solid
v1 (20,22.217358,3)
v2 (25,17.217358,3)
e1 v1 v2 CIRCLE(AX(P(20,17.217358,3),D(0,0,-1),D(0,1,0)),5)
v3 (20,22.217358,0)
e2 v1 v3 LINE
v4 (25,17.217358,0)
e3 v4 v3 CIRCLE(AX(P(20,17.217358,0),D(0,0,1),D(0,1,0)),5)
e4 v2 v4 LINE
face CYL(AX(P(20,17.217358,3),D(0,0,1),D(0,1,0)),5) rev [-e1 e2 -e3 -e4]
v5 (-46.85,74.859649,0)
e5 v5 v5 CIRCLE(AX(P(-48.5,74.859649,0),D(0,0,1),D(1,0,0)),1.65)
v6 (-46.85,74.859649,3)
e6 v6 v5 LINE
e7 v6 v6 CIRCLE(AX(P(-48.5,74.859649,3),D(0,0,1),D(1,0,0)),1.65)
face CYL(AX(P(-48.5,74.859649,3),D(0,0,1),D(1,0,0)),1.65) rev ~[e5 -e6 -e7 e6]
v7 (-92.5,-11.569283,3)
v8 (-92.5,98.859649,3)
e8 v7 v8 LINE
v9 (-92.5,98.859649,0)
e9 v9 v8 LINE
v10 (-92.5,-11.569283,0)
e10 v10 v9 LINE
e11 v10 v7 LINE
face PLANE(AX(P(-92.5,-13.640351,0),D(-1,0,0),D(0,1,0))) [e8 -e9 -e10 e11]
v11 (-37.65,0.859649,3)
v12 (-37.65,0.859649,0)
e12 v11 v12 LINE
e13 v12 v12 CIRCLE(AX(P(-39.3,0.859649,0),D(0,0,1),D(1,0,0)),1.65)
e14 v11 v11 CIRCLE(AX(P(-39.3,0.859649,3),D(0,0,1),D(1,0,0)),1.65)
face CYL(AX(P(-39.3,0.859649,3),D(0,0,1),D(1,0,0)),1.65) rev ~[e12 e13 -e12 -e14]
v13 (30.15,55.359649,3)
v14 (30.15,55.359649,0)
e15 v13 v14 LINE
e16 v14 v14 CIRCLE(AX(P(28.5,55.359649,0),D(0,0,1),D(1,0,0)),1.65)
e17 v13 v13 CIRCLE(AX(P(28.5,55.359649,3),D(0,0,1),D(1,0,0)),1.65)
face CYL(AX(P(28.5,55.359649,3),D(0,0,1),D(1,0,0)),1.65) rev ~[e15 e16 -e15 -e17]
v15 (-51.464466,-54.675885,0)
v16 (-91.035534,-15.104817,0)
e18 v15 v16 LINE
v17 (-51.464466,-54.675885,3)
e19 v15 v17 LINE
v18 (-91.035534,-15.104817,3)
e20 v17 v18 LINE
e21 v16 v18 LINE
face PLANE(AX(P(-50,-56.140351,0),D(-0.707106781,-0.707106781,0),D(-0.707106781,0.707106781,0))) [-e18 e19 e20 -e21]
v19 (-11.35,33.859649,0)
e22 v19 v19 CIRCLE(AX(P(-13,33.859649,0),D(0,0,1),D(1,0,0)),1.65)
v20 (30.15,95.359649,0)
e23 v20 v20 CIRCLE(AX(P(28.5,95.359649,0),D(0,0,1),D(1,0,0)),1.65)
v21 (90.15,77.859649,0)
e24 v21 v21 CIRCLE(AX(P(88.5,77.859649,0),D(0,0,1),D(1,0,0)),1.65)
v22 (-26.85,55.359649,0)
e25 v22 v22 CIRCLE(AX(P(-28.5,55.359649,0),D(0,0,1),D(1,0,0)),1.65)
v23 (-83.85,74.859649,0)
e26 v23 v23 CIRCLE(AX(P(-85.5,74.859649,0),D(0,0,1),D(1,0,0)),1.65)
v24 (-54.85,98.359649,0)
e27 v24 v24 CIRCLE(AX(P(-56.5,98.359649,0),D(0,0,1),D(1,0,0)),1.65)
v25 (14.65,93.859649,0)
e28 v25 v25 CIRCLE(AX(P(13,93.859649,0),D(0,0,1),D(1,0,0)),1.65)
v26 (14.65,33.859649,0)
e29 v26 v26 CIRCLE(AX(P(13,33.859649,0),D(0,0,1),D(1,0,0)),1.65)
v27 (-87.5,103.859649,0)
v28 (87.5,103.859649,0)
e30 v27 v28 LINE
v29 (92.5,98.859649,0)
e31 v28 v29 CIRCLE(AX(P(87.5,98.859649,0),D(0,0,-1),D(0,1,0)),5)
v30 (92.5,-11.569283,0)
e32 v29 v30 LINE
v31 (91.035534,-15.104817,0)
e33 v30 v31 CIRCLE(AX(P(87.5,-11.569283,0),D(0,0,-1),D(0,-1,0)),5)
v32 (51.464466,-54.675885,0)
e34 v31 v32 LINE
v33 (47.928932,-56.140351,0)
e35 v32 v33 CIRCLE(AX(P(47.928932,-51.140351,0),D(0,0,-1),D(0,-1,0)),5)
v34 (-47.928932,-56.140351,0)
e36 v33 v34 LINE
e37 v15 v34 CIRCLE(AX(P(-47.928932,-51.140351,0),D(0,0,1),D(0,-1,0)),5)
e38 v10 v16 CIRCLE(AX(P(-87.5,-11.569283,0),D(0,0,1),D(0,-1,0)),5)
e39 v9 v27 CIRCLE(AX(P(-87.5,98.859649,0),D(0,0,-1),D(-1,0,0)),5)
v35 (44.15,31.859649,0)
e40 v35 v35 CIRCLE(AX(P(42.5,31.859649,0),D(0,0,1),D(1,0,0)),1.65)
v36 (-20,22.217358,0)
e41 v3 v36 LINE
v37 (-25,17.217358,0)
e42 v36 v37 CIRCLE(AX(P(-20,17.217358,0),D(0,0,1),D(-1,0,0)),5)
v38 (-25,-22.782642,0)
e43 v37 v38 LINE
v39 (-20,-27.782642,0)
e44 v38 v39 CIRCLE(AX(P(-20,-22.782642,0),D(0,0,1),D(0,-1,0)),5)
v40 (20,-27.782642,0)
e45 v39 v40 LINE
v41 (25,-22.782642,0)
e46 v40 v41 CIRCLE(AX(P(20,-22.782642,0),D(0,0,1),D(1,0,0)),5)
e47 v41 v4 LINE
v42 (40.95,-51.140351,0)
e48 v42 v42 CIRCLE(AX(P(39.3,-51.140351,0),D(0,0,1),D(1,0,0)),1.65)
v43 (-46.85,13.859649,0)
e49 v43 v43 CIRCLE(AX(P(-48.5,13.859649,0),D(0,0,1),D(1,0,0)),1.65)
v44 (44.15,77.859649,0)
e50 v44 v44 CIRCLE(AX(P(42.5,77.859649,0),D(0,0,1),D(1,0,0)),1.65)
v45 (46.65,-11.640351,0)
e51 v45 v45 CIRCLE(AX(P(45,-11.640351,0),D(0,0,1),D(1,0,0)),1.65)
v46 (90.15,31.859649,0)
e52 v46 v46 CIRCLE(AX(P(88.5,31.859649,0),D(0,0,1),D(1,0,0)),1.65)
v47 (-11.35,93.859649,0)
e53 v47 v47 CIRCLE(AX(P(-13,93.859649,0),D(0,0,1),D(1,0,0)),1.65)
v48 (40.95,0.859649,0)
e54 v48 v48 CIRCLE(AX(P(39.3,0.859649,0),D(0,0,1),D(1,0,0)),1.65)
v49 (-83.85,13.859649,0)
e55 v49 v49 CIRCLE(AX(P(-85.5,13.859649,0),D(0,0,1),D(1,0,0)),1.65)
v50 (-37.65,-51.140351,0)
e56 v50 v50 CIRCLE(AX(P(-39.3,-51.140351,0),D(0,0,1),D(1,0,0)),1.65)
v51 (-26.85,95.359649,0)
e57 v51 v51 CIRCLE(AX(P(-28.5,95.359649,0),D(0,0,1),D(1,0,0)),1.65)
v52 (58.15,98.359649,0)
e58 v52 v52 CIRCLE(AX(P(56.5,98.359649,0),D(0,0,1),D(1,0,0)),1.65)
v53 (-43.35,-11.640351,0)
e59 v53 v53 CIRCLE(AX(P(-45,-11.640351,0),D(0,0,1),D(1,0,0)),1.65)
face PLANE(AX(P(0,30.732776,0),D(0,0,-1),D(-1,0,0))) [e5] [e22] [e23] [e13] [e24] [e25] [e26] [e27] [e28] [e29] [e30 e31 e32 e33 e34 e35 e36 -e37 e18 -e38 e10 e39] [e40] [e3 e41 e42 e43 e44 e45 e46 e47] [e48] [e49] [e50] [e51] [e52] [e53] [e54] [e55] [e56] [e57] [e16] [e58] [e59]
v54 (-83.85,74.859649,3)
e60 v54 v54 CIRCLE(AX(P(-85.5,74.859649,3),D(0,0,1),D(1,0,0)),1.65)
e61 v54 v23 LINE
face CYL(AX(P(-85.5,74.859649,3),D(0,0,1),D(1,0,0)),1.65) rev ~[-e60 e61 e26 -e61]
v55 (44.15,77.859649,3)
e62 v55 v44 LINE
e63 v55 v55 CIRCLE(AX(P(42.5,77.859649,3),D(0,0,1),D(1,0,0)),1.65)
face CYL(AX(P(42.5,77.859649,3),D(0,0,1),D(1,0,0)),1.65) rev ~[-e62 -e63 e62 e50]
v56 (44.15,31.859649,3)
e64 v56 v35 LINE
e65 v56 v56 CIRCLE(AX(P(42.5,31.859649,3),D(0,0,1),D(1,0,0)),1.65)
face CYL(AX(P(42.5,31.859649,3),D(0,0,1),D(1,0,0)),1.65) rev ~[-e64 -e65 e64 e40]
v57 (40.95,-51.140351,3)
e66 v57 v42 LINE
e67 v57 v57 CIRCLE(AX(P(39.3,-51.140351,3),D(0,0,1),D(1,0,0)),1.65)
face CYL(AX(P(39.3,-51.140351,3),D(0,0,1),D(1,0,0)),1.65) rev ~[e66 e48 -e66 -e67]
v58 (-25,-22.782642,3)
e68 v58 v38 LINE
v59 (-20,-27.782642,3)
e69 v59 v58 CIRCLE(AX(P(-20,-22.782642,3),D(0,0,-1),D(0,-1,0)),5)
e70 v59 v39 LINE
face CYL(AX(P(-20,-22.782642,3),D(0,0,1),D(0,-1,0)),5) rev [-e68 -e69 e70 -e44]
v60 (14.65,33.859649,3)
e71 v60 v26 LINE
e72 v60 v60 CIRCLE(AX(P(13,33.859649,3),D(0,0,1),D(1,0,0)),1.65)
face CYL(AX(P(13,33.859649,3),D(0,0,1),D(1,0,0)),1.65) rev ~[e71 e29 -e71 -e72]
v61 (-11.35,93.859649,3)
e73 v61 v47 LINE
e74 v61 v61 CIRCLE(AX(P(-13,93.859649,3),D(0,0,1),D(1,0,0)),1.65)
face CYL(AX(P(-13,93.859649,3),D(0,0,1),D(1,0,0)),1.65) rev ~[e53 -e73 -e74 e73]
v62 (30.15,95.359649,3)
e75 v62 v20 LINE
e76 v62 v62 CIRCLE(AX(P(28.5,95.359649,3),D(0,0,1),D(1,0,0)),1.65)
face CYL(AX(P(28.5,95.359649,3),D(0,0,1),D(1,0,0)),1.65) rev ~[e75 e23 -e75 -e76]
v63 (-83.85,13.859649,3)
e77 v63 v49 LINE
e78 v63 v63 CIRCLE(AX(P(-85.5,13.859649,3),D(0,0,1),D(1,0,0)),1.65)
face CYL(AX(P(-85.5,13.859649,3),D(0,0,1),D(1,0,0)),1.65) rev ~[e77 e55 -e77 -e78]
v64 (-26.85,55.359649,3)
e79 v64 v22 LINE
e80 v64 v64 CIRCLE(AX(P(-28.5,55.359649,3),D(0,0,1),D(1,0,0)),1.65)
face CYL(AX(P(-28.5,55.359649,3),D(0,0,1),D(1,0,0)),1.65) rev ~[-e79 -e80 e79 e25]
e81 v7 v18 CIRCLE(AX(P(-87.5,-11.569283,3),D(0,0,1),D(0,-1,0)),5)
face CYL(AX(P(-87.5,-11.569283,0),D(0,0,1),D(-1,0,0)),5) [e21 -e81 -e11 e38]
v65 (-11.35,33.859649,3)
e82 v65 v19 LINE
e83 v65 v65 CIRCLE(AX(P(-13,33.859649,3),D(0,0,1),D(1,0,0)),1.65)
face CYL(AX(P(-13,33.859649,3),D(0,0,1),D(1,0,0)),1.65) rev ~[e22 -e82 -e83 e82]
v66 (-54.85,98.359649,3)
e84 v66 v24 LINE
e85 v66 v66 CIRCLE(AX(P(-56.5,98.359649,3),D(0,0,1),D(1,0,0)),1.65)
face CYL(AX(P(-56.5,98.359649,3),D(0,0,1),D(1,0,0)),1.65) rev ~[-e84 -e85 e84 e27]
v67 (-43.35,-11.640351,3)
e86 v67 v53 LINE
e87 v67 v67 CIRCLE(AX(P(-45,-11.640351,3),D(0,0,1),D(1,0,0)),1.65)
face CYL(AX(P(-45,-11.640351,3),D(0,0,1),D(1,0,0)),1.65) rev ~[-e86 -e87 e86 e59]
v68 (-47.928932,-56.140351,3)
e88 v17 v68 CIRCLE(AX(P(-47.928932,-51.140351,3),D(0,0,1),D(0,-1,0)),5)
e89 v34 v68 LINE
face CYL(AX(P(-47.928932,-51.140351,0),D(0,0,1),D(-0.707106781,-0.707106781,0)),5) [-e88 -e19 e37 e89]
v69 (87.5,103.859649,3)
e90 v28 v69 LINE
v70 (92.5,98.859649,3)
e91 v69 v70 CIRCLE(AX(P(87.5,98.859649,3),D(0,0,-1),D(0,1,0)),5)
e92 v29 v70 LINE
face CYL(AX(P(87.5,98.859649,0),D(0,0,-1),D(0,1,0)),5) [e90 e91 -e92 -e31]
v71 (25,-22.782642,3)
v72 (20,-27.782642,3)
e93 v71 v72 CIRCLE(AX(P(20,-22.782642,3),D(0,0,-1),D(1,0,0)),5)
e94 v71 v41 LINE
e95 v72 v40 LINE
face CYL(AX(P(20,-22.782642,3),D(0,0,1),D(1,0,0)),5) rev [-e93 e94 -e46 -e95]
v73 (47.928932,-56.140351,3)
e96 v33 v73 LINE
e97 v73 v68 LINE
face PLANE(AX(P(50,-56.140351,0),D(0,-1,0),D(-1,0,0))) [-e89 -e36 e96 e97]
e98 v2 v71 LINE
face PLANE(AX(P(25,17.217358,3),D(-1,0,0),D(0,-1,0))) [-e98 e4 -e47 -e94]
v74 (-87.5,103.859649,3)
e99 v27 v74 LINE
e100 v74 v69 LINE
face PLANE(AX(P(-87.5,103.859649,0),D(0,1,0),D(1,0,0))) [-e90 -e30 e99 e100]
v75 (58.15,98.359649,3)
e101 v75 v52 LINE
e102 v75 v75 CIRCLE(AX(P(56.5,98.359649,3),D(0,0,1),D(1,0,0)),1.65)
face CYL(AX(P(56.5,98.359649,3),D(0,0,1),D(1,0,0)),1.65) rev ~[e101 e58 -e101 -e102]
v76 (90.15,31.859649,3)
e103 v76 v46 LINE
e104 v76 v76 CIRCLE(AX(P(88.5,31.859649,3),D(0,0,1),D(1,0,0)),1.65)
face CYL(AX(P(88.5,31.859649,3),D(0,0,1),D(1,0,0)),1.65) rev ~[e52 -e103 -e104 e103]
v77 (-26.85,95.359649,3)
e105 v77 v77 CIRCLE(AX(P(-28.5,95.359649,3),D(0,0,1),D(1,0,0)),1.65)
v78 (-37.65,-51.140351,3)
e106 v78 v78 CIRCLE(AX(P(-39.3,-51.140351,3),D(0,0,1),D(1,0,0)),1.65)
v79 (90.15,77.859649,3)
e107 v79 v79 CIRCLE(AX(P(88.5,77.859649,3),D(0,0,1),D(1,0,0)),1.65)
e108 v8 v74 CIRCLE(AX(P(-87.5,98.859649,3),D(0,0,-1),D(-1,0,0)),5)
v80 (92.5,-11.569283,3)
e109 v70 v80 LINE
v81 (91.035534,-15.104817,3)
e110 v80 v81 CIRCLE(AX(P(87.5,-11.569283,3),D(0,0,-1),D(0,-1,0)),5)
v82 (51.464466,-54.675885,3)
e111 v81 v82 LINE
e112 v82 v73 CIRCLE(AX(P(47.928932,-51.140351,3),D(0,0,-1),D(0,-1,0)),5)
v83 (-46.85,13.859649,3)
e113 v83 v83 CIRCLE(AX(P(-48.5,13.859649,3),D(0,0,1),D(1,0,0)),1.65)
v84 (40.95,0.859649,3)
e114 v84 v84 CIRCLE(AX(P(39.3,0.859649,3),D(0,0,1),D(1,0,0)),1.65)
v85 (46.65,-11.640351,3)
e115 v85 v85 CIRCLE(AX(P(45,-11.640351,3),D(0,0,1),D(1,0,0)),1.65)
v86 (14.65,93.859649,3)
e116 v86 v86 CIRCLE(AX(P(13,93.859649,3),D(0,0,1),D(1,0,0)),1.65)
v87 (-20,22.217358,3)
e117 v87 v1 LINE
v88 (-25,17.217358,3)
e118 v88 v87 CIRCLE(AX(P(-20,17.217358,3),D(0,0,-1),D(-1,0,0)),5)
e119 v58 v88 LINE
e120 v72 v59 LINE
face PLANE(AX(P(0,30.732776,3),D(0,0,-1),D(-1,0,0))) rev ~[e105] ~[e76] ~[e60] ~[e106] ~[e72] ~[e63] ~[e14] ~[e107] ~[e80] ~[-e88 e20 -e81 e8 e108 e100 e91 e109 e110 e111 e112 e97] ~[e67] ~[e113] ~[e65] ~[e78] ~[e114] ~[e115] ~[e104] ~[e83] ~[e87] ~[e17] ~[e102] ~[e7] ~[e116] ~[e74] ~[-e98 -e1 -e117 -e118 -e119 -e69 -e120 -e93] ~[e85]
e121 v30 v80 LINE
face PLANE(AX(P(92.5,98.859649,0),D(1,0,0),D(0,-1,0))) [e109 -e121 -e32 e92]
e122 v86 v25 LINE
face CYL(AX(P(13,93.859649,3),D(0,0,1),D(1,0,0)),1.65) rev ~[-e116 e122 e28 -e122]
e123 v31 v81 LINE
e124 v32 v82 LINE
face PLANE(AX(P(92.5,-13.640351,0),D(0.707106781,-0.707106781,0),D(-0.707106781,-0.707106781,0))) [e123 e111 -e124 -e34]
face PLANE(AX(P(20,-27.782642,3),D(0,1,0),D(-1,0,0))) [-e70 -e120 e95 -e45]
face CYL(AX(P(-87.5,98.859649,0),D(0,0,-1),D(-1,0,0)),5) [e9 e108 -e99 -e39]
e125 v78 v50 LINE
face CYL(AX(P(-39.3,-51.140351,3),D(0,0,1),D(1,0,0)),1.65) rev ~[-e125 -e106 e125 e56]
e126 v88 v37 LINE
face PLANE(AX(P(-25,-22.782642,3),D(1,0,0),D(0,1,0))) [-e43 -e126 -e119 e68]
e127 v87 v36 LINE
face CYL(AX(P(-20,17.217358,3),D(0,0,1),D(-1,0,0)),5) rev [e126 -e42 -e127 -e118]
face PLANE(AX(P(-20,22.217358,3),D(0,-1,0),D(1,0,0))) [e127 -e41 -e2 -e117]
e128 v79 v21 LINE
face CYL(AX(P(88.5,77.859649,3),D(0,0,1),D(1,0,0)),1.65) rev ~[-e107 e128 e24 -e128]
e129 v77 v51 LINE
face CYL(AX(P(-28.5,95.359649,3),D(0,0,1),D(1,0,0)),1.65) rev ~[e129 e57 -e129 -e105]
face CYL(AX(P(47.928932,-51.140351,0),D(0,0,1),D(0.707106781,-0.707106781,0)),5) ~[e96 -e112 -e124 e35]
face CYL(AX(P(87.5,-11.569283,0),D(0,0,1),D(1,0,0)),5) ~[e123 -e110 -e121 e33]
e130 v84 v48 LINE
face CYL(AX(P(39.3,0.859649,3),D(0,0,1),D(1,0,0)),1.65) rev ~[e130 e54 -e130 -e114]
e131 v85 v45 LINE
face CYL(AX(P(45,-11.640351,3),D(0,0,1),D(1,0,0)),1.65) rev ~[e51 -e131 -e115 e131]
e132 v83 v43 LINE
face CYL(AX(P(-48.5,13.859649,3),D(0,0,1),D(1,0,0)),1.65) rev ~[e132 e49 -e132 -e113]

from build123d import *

# Parameters (mm, degrees)
EXTRUDE_1_DEPTH     = 3
SKETCH_2_R          = 1.65
CUT_EXTRUDE_1_DEPTH = 10
SKETCH_3_R          = 1.65
CUT_EXTRUDE_2_DEPTH = 10
SKETCH_4_R          = 1.65
CUT_EXTRUDE_3_DEPTH = 10
SKETCH_5_R          = 1.65
CUT_EXTRUDE_4_DEPTH = 10
SKETCH_6_R          = 1.65
CUT_EXTRUDE_5_DEPTH = 10
SKETCH_7_R          = 1.65
CUT_EXTRUDE_6_DEPTH = 10
CUT_EXTRUDE_7_DEPTH = 10
FILLET_1_R          = 5


with BuildPart() as part:
    # 草图1 → 凸台-拉伸1 (new body)
    with BuildSketch(Plane.XY):
        with BuildLine():
            Line((-87.5, 103.859649123), (87.5, 103.859649123))
            ThreePointArc((87.5, 103.859649123), (91.035533906, 102.395183029), (92.5, 98.859649123))
            Line((92.5, 98.859649123), (92.5, -13.640350877))
            Line((92.5, -13.640350877), (50, -56.140350877))
            Line((50, -56.140350877), (-50, -56.140350877))
            Line((-50, -56.140350877), (-92.5, -13.640350877))
            Line((-92.5, -13.640350877), (-92.5, 98.859649123))
            ThreePointArc((-92.5, 98.859649123), (-91.035533906, 102.395183029), (-87.5, 103.859649123))
        make_face()
    extrude(amount=EXTRUDE_1_DEPTH)

    # 草图2 → 切除-拉伸1 (cut)
    with BuildSketch(Plane.XY.offset(3)):
        with Locations((-28.5, 95.359649123)):
            Circle(SKETCH_2_R)
        with Locations((28.5, 95.359649123)):
            Circle(SKETCH_2_R)
        with Locations((-28.5, 55.359649123)):
            Circle(SKETCH_2_R)
        with Locations((28.5, 55.359649123)):
            Circle(SKETCH_2_R)
    extrude(amount=-CUT_EXTRUDE_1_DEPTH, mode=Mode.SUBTRACT)

    # 草图3 → 切除-拉伸2 (cut)
    with BuildSketch(Plane.XY.offset(3)):
        with Locations((-85.5, 74.859649123)):
            Circle(SKETCH_3_R)
        with Locations((-48.5, 74.859649123)):
            Circle(SKETCH_3_R)
        with Locations((-85.5, 13.859649123)):
            Circle(SKETCH_3_R)
        with Locations((-48.5, 13.859649123)):
            Circle(SKETCH_3_R)
    extrude(amount=-CUT_EXTRUDE_2_DEPTH, mode=Mode.SUBTRACT)

    # 草图4 → 切除-拉伸3 (cut)
    with BuildSketch(Plane.XY.offset(3)):
        with Locations((42.5, 77.859649123)):
            Circle(SKETCH_4_R)
        with Locations((88.5, 77.859649123)):
            Circle(SKETCH_4_R)
        with Locations((42.5, 31.859649123)):
            Circle(SKETCH_4_R)
        with Locations((88.5, 31.859649123)):
            Circle(SKETCH_4_R)
    extrude(amount=-CUT_EXTRUDE_3_DEPTH, mode=Mode.SUBTRACT)

    # 草图5 → 切除-拉伸4 (cut)
    with BuildSketch(Plane.XY.offset(3)):
        with Locations((-39.3, 0.859649123)):
            Circle(SKETCH_5_R)
        with Locations((39.3, 0.859649123)):
            Circle(SKETCH_5_R)
        with Locations((-39.3, -51.140350877)):
            Circle(SKETCH_5_R)
        with Locations((39.3, -51.140350877)):
            Circle(SKETCH_5_R)
    extrude(amount=-CUT_EXTRUDE_4_DEPTH, mode=Mode.SUBTRACT)

    # 草图6 → 切除-拉伸5 (cut)
    with BuildSketch(Plane.XY.offset(3)):
        with Locations((-56.5, 98.359649123)):
            Circle(SKETCH_6_R)
        with Locations((56.5, 98.359649123)):
            Circle(SKETCH_6_R)
        with Locations((-45, -11.640350877)):
            Circle(SKETCH_6_R)
        with Locations((45, -11.640350877)):
            Circle(SKETCH_6_R)
    extrude(amount=-CUT_EXTRUDE_5_DEPTH, mode=Mode.SUBTRACT)

    # 草图7 → 切除-拉伸6 (cut)
    with BuildSketch(Plane.XY.offset(3)):
        with Locations((-13, 93.859649123)):
            Circle(SKETCH_7_R)
        with Locations((13, 93.859649123)):
            Circle(SKETCH_7_R)
        with Locations((13, 33.859649123)):
            Circle(SKETCH_7_R)
        with Locations((-13, 33.859649123)):
            Circle(SKETCH_7_R)
    extrude(amount=-CUT_EXTRUDE_6_DEPTH, mode=Mode.SUBTRACT)

    # 草图8 → 切除-拉伸7 (cut)
    with BuildSketch(Plane.XY.offset(3)):
        with BuildLine():
            Line((-20, 22.217358158), (20, 22.217358158))
            ThreePointArc((20, 22.217358158), (23.535533906, 20.752892063), (25, 17.217358158))
            Line((25, 17.217358158), (25, -22.782641842))
            ThreePointArc((25, -22.782641842), (23.535533906, -26.318175748), (20, -27.782641842))
            Line((20, -27.782641842), (-20, -27.782641842))
            ThreePointArc((-20, -27.782641842), (-23.535533906, -26.318175748), (-25, -22.782641842))
            Line((-25, -22.782641842), (-25, 17.217358158))
            ThreePointArc((-25, 17.217358158), (-23.535533906, 20.752892063), (-20, 22.217358158))
        make_face()
    extrude(amount=-CUT_EXTRUDE_7_DEPTH, mode=Mode.SUBTRACT)

    # 圆角1
    fillet_1_edges = [part.edges().sort_by_distance(p)[0] for p in [
        (-92.5, -13.640350877, 1.5),
        (92.5, -13.640350877, 1.5),
        (50, -56.140350877, 1.5),
        (-50, -56.140350877, 1.5),
    ]]
    fillet(fillet_1_edges, radius=FILLET_1_R)


solid = part.part
